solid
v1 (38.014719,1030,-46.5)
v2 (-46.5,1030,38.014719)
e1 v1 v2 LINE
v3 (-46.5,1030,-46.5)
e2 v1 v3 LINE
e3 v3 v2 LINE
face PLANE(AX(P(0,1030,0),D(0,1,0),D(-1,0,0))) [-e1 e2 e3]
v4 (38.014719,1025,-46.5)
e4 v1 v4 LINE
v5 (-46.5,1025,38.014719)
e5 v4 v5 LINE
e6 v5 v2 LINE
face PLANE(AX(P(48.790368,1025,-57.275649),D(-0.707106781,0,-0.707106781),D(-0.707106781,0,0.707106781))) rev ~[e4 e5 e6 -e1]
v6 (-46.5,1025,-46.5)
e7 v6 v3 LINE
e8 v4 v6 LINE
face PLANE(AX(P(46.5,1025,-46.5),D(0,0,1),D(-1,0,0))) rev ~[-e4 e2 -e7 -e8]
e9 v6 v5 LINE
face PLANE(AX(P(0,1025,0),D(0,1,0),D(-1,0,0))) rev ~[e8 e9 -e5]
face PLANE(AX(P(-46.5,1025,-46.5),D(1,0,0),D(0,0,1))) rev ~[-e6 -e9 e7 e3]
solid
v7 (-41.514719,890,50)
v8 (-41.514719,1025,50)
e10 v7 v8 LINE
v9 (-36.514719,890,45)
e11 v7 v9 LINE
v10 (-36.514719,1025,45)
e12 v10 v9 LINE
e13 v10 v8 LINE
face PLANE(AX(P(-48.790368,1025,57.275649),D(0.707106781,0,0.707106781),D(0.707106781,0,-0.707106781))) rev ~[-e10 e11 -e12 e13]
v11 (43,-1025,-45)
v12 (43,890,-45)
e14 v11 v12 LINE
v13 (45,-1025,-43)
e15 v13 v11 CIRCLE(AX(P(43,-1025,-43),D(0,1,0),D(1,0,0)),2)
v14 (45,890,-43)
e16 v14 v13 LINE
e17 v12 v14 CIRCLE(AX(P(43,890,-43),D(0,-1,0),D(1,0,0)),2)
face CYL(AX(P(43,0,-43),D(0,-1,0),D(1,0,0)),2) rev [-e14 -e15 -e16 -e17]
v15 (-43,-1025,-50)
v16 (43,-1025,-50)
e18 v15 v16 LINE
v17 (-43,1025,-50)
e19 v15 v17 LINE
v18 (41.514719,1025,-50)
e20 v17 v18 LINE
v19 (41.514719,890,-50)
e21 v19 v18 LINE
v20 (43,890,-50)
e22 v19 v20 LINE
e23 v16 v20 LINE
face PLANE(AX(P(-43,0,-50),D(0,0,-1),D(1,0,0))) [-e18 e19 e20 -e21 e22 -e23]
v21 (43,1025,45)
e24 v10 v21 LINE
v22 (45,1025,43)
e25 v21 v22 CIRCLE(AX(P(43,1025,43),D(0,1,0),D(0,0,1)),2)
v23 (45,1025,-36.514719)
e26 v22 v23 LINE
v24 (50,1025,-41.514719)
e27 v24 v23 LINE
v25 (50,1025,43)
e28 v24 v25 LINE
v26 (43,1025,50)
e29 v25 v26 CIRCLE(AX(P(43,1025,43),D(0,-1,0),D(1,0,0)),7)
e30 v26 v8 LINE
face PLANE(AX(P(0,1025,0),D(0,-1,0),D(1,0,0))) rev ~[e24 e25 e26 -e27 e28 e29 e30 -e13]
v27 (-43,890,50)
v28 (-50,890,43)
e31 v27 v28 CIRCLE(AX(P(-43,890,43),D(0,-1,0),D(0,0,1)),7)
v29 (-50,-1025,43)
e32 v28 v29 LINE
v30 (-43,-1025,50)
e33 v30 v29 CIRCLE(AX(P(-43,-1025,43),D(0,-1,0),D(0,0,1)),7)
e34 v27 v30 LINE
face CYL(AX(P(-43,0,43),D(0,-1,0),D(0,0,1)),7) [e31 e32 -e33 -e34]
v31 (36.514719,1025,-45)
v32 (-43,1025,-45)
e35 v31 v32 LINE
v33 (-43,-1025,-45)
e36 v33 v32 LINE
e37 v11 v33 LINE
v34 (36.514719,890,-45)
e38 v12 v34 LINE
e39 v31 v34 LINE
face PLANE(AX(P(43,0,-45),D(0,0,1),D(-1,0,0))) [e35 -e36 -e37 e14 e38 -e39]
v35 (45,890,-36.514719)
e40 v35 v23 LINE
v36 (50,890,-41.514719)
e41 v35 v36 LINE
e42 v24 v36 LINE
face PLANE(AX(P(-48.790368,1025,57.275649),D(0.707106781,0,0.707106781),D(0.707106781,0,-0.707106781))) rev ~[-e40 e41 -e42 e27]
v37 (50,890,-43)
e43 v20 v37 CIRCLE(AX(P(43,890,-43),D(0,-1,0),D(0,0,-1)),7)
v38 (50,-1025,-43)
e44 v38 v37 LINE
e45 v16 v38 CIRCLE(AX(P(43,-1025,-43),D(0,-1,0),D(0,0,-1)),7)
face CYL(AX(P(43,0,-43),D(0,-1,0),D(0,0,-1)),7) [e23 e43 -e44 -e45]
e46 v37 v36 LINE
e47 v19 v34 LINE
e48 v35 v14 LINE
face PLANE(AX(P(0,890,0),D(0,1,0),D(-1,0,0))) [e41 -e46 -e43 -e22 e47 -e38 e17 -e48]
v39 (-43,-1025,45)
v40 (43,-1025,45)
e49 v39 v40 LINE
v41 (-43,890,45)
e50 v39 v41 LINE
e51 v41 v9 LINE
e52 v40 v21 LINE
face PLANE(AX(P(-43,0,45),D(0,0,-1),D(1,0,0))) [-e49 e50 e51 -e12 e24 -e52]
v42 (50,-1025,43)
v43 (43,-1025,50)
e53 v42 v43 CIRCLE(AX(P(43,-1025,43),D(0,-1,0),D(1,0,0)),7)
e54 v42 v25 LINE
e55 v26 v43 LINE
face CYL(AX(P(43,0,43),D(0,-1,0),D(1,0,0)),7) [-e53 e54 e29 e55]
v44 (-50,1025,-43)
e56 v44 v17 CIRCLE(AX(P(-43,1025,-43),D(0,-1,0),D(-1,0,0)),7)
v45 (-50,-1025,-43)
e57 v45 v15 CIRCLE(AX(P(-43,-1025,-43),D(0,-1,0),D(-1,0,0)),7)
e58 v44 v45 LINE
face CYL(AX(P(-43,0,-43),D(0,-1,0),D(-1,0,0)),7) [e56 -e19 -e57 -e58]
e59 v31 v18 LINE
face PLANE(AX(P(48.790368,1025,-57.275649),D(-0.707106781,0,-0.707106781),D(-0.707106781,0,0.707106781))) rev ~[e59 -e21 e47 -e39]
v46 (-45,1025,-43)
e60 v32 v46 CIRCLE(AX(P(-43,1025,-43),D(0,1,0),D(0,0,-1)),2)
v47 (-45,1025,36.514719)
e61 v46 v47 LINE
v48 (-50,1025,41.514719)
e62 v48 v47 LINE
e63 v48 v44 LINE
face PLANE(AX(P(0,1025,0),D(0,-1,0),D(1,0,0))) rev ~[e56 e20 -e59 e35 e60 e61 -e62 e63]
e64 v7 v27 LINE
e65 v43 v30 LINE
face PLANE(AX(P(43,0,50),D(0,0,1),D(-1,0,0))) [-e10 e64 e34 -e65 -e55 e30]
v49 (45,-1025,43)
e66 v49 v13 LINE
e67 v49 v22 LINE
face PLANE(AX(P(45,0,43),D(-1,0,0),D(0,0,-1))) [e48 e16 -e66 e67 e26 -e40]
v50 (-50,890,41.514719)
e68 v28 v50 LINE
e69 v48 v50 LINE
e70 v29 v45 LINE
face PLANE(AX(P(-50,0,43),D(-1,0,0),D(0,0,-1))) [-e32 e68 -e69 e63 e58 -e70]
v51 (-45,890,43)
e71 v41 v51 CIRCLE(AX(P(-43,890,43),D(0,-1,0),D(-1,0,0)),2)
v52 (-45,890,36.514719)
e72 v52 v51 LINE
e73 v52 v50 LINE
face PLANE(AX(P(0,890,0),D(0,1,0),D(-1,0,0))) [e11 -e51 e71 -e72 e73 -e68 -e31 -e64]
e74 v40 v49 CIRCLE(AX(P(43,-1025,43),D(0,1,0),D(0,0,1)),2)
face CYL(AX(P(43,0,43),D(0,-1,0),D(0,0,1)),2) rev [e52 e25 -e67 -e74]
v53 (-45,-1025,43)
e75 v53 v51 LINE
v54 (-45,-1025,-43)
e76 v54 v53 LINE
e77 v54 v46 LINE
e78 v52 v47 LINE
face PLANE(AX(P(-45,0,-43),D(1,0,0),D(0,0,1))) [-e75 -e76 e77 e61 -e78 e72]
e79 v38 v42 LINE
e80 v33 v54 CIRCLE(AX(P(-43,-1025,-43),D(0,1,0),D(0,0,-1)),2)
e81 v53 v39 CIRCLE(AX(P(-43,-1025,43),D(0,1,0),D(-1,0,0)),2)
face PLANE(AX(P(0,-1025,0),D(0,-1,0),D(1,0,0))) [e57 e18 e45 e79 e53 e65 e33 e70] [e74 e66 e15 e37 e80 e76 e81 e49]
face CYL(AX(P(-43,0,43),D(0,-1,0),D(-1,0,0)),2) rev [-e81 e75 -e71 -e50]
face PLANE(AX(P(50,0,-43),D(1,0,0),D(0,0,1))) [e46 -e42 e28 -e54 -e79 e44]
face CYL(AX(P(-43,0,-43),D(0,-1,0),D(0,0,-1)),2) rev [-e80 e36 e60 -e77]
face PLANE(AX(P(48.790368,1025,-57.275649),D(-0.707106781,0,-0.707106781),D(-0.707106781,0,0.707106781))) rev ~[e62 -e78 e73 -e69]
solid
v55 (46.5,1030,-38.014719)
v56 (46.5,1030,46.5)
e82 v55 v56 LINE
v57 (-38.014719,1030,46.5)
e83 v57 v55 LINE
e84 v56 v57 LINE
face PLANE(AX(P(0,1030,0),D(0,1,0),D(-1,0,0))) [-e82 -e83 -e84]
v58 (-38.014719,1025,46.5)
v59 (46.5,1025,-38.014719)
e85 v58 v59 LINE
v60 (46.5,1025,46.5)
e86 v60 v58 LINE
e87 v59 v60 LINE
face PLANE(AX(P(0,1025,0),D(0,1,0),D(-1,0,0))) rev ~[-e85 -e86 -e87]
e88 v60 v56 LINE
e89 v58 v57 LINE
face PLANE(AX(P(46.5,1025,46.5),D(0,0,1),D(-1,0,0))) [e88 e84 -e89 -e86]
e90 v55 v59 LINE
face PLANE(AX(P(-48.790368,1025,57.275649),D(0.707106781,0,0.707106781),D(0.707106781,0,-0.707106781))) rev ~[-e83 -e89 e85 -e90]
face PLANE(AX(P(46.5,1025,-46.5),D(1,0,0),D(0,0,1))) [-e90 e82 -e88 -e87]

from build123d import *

# Parameters (mm, degrees)
F1_DEPTH = 1025
F2_W     = 93
F2_H     = 93
F3_DEPTH = 5
F5_DEPTH = 135


with BuildPart() as f1:
    # F0 (on Front) → F1 (new body, symmetric)
    with BuildSketch(Plane.XZ):
        with BuildLine():
            ThreePointArc((50, 43), (47.9497474683, 47.9497474683), (43, 50))
            Line((43, 50), (-43, 50))
            ThreePointArc((-43, 50), (-47.9497474683, 47.9497474683), (-50, 43))
            Line((-50, 43), (-50, -43))
            ThreePointArc((-50, -43), (-47.9497474683, -47.9497474683), (-43, -50))
            Line((-43, -50), (43, -50))
            ThreePointArc((43, -50), (47.9497474683, -47.9497474683), (50, -43))
            Line((50, -43), (50, 43))
        make_face()
        with BuildLine():
            ThreePointArc((45, -43), (44.4142135624, -44.4142135624), (43, -45))
            Line((43, -45), (-43, -45))
            ThreePointArc((-43, -45), (-44.4142135624, -44.4142135624), (-45, -43))
            Line((-45, -43), (-45, 43))
            ThreePointArc((-45, 43), (-44.4142135624, 44.4142135624), (-43, 45))
            Line((-43, 45), (43, 45))
            ThreePointArc((43, 45), (44.4142135624, 44.4142135624), (45, 43))
            Line((45, 43), (45, -43))
        make_face(mode=Mode.SUBTRACT)
    extrude(amount=F1_DEPTH, both=True)


with BuildPart() as f3:
    # F2 (on face) → F3 (new body)
    with BuildSketch(Plane(origin=(0, 1025, 0), x_dir=(-1, 0, 0), z_dir=(0, 1, 0))):
        Rectangle(F2_W, F2_H)
    extrude(amount=F3_DEPTH)


with BuildPart() as f5_tool:
    # F4 (on face) → F5 (new body, symmetric)
    with BuildSketch(Plane(origin=(0, 1025, 0), x_dir=(-1, 0, 0), z_dir=(0, 1, 0))):
        Polygon((-48.7903679019, -57.2756492761), (57.2756492761, 48.7903679019), (48.7903679019, 57.2756492761), (-57.2756492761, -48.7903679019), align=None)
    extrude(amount=F5_DEPTH, both=True)


with BuildPart() as f1_1:
    add(f1.part)

    # F5: cut by f5_tool
    add(f5_tool.part, mode=Mode.SUBTRACT)


with BuildPart() as f3_1:
    add(f3.part)

    # F5: cut by f5_tool
    add(f5_tool.part, mode=Mode.SUBTRACT)


solid = Compound([f1_1.part, f3_1.part])
